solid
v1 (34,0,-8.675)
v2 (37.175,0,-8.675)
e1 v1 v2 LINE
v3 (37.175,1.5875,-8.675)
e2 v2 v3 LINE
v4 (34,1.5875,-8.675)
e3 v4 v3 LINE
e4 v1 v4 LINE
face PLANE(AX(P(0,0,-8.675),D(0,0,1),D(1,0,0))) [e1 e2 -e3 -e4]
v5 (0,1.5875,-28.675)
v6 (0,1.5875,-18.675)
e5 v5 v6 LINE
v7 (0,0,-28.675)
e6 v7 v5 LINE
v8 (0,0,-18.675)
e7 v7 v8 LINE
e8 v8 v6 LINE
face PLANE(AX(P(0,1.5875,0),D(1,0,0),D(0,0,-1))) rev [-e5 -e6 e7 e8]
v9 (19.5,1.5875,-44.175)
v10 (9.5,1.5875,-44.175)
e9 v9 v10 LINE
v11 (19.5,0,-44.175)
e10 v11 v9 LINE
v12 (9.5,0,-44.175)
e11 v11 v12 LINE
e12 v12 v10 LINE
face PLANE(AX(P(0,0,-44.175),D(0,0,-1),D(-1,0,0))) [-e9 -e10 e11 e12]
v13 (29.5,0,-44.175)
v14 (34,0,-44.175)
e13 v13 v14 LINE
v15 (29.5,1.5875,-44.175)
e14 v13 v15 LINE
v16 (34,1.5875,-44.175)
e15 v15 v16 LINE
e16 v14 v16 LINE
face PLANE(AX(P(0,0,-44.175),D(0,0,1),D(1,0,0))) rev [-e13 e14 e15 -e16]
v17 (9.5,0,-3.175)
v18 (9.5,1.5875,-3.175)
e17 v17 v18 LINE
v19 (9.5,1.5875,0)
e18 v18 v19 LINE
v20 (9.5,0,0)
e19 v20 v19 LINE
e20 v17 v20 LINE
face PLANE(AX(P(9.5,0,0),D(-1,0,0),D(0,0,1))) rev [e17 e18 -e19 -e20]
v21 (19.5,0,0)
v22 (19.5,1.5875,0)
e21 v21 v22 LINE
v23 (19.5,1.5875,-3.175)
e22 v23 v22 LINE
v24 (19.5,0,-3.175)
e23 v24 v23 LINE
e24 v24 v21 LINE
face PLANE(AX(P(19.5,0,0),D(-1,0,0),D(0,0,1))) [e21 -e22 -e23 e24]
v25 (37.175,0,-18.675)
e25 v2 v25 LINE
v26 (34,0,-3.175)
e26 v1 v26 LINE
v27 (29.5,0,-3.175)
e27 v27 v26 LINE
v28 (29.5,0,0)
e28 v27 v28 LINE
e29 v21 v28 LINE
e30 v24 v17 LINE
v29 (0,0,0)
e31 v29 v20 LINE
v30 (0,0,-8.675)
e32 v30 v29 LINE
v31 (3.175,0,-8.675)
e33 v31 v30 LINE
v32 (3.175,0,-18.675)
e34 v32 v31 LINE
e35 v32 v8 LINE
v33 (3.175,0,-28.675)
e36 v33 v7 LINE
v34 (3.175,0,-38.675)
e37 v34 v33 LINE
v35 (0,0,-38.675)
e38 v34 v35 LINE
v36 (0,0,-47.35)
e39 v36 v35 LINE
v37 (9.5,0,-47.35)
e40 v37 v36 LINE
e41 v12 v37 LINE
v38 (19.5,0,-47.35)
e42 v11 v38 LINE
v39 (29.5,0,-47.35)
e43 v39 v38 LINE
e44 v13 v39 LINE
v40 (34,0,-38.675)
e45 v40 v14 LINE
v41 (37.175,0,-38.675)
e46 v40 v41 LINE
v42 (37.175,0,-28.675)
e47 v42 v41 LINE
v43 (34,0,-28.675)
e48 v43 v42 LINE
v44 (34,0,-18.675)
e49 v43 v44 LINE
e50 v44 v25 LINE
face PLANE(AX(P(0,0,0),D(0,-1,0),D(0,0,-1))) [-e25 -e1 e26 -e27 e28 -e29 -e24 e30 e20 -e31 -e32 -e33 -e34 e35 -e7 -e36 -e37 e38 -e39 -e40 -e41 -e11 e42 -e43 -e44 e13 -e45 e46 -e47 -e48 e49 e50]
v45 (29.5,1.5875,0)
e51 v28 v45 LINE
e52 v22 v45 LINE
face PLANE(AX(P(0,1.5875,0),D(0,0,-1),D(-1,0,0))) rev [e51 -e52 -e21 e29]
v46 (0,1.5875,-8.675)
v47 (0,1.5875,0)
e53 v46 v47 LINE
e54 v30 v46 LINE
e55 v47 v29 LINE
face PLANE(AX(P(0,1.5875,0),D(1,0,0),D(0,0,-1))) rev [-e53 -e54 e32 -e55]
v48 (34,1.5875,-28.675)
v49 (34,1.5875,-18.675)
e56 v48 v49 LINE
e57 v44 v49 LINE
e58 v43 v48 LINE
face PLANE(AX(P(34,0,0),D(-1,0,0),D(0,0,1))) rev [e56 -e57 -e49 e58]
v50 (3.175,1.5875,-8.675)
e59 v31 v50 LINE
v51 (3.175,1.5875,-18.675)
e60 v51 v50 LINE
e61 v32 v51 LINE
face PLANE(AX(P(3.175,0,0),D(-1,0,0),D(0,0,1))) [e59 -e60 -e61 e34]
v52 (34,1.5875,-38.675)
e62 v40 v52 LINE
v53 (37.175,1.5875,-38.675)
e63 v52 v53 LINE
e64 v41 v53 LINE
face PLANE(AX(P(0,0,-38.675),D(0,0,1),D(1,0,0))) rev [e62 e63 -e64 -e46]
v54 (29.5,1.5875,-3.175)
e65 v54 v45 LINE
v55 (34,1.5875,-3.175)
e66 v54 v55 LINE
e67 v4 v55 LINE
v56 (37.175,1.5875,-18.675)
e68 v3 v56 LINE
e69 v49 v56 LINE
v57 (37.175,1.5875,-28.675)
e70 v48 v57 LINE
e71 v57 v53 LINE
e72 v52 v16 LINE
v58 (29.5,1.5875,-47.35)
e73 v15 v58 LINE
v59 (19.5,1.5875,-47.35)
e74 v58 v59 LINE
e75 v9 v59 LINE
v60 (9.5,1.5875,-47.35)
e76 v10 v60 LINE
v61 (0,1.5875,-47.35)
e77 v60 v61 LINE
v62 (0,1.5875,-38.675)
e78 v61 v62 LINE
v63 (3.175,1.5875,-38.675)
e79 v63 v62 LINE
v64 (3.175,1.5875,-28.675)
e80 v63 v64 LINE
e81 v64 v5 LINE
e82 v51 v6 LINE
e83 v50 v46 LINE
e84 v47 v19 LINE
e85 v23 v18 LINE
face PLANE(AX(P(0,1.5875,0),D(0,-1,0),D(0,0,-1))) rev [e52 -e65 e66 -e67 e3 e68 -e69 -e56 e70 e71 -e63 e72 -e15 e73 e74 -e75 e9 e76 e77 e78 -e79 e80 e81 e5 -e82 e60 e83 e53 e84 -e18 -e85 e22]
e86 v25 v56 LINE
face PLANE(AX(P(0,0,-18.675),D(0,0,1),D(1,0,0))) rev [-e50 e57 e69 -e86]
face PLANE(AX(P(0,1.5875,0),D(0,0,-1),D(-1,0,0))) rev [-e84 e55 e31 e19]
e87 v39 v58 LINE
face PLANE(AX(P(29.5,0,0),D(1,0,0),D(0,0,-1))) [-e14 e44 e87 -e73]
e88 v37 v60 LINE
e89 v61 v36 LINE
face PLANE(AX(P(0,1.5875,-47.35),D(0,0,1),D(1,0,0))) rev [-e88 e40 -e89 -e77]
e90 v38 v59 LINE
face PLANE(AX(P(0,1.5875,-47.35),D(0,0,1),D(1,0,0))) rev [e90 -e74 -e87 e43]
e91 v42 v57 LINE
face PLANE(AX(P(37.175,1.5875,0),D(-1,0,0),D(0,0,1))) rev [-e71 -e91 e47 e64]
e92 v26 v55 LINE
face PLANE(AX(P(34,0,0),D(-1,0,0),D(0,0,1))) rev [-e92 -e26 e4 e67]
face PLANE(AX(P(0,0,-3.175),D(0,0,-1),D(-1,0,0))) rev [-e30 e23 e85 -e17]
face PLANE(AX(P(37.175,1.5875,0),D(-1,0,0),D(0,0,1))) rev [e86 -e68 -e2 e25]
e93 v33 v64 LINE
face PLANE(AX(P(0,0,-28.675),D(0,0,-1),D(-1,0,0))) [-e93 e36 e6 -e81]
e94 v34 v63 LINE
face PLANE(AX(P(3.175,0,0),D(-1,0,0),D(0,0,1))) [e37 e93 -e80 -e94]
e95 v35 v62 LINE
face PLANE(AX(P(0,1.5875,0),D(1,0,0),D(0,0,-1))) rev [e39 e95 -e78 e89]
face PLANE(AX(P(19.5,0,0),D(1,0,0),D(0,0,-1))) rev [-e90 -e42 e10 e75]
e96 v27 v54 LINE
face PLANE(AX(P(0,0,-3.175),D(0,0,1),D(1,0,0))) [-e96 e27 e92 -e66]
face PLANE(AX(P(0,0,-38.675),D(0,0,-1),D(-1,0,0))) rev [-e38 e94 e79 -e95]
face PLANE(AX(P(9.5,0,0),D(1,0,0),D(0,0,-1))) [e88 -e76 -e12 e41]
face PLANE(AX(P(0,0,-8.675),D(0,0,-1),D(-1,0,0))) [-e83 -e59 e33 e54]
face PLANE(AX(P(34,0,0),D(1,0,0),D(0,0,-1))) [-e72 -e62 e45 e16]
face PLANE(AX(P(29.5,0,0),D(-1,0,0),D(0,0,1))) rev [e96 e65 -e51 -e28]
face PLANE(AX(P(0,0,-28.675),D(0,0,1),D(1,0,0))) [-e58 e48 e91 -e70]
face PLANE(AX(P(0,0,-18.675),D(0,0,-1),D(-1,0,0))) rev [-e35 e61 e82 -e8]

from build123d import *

# Parameters (mm, degrees)
SKETCH1_W           = 37.175
SKETCH1_H           = 47.35
BOSS_EXTRUDE1_DEPTH = 1.5875
SKETCH2_W           = 3.175
SKETCH2_H           = 10
SKETCH2_H_2         = 5.5
SKETCH2_W_2         = 10
SKETCH2_H_3         = 3.175
CUT_EXTRUDE1_DEPTH  = 2.5875


with BuildPart() as part:
    # Sketch1 → Boss-Extrude1 (new body)
    with BuildSketch(Plane(origin=(0, 0, 0), x_dir=(1, 0, 0), z_dir=(0, 1, 0))):
        with Locations((18.5875, 23.675)):
            Rectangle(SKETCH1_W, SKETCH1_H)
    extrude(amount=BOSS_EXTRUDE1_DEPTH)

    # Sketch2 → Cut-Extrude1 (cut, through all)
    with BuildSketch(Plane(origin=(0, 1.5875, 0), x_dir=(1, 0, 0), z_dir=(0, 1, 0))):
        Polygon((37.175, 47.35), (29.5, 47.35), (29.5, 44.175), (34, 44.175), (34, 38.675), (37.175, 38.675), align=None)
        with Locations((35.5875, 23.675)):
            Rectangle(SKETCH2_W, SKETCH2_H)
        Polygon((29.5, 3.175), (29.5, 0), (37.175, 0), (37.175, 3.175), (34, 3.175), align=None)
        with Locations((35.5875, 5.925)):
            Rectangle(SKETCH2_W, SKETCH2_H_2)
        with Locations((14.5, 1.5875)):
            Rectangle(SKETCH2_W_2, SKETCH2_H_3)
        with Locations((1.5875, 13.675)):
            Rectangle(SKETCH2_W, SKETCH2_H)
        with Locations((1.5875, 33.675)):
            Rectangle(SKETCH2_W, SKETCH2_H)
        with Locations((14.5, 45.7625)):
            Rectangle(SKETCH2_W_2, SKETCH2_H_3)
    extrude(amount=-CUT_EXTRUDE1_DEPTH, mode=Mode.SUBTRACT)


solid = part.part
